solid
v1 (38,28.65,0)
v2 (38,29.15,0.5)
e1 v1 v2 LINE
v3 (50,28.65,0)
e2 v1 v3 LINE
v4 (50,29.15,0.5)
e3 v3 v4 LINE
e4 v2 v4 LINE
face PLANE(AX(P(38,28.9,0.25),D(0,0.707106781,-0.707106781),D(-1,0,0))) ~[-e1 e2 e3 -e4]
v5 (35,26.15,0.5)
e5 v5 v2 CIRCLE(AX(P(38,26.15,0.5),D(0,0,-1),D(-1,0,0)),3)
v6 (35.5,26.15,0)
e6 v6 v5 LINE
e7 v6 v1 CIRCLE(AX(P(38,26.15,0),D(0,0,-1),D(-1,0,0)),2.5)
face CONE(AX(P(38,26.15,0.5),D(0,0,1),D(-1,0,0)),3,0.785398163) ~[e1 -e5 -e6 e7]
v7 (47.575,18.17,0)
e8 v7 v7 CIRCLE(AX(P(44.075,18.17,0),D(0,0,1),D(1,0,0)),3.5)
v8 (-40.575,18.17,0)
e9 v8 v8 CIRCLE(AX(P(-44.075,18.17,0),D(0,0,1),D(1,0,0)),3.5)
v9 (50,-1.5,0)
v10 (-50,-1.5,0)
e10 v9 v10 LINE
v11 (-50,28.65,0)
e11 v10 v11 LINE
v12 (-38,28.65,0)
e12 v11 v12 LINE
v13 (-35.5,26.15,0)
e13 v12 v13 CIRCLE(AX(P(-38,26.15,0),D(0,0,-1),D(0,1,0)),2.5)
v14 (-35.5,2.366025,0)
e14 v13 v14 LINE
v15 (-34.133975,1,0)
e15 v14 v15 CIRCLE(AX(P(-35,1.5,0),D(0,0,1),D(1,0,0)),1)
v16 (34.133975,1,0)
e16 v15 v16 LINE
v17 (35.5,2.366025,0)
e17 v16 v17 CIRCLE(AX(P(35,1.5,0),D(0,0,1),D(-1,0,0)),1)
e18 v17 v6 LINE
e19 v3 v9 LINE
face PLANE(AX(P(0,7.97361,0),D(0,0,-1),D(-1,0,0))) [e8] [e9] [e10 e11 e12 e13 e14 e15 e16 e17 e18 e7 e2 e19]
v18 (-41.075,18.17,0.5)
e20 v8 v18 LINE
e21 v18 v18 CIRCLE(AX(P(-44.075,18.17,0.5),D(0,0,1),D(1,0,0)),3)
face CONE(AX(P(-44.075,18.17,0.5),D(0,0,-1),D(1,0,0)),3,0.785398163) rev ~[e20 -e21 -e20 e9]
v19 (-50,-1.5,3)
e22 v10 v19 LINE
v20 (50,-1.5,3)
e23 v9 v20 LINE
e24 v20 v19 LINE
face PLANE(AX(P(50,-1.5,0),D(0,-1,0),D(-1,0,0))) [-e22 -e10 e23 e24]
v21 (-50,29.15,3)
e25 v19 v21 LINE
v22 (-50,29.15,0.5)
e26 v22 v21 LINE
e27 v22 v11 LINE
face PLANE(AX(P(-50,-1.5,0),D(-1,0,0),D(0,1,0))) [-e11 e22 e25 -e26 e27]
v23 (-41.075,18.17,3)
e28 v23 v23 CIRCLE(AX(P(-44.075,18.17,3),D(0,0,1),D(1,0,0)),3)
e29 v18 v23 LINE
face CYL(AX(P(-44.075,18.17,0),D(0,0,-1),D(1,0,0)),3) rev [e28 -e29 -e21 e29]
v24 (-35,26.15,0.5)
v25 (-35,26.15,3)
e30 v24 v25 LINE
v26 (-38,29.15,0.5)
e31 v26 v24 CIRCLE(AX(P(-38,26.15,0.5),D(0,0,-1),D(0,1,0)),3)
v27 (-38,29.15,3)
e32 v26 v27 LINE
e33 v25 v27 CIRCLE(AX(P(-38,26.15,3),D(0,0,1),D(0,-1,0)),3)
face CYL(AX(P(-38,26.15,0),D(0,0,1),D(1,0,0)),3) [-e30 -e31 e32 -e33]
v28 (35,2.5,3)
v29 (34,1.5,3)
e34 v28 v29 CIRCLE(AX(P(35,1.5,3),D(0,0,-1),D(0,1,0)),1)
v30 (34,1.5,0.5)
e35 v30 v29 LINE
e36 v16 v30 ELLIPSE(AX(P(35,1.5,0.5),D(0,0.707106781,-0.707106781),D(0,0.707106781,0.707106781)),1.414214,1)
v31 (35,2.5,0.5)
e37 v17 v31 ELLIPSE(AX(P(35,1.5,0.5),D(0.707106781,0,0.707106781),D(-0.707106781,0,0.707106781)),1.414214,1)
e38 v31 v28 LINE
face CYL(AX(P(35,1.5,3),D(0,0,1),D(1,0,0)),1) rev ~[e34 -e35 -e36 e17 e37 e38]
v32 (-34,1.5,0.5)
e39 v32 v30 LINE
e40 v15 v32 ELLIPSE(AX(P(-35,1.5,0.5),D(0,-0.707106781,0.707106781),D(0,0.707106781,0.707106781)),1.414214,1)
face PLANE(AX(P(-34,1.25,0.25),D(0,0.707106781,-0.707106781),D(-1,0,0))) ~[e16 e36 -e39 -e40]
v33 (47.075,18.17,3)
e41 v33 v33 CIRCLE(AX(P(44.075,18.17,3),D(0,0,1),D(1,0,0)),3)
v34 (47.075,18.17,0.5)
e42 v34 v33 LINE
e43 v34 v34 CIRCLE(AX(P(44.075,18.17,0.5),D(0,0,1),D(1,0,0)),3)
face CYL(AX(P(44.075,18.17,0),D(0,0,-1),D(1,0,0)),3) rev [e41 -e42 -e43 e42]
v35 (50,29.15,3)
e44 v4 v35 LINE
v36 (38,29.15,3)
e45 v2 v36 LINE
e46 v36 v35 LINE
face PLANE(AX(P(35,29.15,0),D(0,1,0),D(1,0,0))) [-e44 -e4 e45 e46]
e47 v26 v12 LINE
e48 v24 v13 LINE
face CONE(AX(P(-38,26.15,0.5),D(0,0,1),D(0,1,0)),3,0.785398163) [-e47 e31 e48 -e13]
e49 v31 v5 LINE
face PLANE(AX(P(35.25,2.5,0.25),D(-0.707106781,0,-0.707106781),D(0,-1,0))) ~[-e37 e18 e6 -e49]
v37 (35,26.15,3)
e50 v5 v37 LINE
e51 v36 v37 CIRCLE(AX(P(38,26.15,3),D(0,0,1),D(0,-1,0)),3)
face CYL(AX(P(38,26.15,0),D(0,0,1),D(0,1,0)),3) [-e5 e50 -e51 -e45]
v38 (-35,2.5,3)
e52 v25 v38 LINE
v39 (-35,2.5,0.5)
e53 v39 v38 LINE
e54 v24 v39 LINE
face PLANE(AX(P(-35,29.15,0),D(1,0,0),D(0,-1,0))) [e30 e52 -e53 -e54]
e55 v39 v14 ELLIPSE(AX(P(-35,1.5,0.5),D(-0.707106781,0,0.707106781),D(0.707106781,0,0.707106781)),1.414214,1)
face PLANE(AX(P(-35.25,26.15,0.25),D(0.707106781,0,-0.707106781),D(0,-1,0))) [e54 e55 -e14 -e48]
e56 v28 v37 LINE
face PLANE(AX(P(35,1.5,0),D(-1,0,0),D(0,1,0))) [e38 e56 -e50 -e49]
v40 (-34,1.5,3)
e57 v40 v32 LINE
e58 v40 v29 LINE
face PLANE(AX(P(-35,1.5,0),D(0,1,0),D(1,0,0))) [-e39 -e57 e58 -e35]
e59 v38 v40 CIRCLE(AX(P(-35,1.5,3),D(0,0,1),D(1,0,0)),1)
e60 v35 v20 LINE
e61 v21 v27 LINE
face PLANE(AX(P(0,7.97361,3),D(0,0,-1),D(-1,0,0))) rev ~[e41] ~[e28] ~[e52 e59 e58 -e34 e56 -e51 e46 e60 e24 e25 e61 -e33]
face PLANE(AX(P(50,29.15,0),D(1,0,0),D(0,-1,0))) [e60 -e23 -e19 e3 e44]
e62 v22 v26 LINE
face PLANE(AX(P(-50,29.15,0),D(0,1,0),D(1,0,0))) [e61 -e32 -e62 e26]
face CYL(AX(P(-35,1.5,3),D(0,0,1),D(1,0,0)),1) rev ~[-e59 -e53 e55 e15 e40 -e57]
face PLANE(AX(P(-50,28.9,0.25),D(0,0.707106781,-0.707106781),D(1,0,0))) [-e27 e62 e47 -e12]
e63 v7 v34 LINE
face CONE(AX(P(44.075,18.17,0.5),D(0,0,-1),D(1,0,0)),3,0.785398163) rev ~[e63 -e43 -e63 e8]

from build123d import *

# Parameters (mm, degrees)
SKETCH_R     = 3
PAD_DEPTH    = 3
SKETCH001_R  = 1
POCKET_DEPTH = 3.001
FILLET_R     = 3
CHAMFER_SIZE = 0.5


with BuildPart() as part:
    # Sketch → Pad (new body)
    with BuildSketch(Plane.XY):
        Polygon((-35, 29.15), (-35, 1.5), (35, 1.5), (35, 29.15), (50, 29.15), (50, -1.5), (-50, -1.5), (-50, 29.15), align=None)
        with Locations((-44.075, 18.17)):
            Circle(SKETCH_R, mode=Mode.SUBTRACT)
        with Locations((44.075, 18.17)):
            Circle(SKETCH_R, mode=Mode.SUBTRACT)
    extrude(amount=PAD_DEPTH)

    # Sketch001 → Pocket (cut, through all)
    with BuildSketch(Plane.XY.offset(3)):
        with Locations((-35, 1.5)):
            Circle(SKETCH001_R)
        with Locations((35, 1.5)):
            Circle(SKETCH001_R)
    extrude(amount=-POCKET_DEPTH, mode=Mode.SUBTRACT)

    # Fillet
    fillet_edges = [part.edges().sort_by_distance(p)[0] for p in [
        (-35, 29.15, 1.5),
        (35, 29.15, 1.5),
    ]]
    fillet(fillet_edges, radius=FILLET_R)

    # Chamfer
    chamfer_edges = [part.edges().sort_by_distance(p)[0] for p in [
        (0, 1.5, 0),
        (-35, 14.325, 0),
        (35, 14.325, 0),
        (-35.87868, 28.27132, 0),
        (35.87868, 28.27132, 0),
        (-47.075, 18.17, 0),
        (41.075, 18.17, 0),
    ]]
    chamfer(chamfer_edges, length=CHAMFER_SIZE)


solid = part.part
